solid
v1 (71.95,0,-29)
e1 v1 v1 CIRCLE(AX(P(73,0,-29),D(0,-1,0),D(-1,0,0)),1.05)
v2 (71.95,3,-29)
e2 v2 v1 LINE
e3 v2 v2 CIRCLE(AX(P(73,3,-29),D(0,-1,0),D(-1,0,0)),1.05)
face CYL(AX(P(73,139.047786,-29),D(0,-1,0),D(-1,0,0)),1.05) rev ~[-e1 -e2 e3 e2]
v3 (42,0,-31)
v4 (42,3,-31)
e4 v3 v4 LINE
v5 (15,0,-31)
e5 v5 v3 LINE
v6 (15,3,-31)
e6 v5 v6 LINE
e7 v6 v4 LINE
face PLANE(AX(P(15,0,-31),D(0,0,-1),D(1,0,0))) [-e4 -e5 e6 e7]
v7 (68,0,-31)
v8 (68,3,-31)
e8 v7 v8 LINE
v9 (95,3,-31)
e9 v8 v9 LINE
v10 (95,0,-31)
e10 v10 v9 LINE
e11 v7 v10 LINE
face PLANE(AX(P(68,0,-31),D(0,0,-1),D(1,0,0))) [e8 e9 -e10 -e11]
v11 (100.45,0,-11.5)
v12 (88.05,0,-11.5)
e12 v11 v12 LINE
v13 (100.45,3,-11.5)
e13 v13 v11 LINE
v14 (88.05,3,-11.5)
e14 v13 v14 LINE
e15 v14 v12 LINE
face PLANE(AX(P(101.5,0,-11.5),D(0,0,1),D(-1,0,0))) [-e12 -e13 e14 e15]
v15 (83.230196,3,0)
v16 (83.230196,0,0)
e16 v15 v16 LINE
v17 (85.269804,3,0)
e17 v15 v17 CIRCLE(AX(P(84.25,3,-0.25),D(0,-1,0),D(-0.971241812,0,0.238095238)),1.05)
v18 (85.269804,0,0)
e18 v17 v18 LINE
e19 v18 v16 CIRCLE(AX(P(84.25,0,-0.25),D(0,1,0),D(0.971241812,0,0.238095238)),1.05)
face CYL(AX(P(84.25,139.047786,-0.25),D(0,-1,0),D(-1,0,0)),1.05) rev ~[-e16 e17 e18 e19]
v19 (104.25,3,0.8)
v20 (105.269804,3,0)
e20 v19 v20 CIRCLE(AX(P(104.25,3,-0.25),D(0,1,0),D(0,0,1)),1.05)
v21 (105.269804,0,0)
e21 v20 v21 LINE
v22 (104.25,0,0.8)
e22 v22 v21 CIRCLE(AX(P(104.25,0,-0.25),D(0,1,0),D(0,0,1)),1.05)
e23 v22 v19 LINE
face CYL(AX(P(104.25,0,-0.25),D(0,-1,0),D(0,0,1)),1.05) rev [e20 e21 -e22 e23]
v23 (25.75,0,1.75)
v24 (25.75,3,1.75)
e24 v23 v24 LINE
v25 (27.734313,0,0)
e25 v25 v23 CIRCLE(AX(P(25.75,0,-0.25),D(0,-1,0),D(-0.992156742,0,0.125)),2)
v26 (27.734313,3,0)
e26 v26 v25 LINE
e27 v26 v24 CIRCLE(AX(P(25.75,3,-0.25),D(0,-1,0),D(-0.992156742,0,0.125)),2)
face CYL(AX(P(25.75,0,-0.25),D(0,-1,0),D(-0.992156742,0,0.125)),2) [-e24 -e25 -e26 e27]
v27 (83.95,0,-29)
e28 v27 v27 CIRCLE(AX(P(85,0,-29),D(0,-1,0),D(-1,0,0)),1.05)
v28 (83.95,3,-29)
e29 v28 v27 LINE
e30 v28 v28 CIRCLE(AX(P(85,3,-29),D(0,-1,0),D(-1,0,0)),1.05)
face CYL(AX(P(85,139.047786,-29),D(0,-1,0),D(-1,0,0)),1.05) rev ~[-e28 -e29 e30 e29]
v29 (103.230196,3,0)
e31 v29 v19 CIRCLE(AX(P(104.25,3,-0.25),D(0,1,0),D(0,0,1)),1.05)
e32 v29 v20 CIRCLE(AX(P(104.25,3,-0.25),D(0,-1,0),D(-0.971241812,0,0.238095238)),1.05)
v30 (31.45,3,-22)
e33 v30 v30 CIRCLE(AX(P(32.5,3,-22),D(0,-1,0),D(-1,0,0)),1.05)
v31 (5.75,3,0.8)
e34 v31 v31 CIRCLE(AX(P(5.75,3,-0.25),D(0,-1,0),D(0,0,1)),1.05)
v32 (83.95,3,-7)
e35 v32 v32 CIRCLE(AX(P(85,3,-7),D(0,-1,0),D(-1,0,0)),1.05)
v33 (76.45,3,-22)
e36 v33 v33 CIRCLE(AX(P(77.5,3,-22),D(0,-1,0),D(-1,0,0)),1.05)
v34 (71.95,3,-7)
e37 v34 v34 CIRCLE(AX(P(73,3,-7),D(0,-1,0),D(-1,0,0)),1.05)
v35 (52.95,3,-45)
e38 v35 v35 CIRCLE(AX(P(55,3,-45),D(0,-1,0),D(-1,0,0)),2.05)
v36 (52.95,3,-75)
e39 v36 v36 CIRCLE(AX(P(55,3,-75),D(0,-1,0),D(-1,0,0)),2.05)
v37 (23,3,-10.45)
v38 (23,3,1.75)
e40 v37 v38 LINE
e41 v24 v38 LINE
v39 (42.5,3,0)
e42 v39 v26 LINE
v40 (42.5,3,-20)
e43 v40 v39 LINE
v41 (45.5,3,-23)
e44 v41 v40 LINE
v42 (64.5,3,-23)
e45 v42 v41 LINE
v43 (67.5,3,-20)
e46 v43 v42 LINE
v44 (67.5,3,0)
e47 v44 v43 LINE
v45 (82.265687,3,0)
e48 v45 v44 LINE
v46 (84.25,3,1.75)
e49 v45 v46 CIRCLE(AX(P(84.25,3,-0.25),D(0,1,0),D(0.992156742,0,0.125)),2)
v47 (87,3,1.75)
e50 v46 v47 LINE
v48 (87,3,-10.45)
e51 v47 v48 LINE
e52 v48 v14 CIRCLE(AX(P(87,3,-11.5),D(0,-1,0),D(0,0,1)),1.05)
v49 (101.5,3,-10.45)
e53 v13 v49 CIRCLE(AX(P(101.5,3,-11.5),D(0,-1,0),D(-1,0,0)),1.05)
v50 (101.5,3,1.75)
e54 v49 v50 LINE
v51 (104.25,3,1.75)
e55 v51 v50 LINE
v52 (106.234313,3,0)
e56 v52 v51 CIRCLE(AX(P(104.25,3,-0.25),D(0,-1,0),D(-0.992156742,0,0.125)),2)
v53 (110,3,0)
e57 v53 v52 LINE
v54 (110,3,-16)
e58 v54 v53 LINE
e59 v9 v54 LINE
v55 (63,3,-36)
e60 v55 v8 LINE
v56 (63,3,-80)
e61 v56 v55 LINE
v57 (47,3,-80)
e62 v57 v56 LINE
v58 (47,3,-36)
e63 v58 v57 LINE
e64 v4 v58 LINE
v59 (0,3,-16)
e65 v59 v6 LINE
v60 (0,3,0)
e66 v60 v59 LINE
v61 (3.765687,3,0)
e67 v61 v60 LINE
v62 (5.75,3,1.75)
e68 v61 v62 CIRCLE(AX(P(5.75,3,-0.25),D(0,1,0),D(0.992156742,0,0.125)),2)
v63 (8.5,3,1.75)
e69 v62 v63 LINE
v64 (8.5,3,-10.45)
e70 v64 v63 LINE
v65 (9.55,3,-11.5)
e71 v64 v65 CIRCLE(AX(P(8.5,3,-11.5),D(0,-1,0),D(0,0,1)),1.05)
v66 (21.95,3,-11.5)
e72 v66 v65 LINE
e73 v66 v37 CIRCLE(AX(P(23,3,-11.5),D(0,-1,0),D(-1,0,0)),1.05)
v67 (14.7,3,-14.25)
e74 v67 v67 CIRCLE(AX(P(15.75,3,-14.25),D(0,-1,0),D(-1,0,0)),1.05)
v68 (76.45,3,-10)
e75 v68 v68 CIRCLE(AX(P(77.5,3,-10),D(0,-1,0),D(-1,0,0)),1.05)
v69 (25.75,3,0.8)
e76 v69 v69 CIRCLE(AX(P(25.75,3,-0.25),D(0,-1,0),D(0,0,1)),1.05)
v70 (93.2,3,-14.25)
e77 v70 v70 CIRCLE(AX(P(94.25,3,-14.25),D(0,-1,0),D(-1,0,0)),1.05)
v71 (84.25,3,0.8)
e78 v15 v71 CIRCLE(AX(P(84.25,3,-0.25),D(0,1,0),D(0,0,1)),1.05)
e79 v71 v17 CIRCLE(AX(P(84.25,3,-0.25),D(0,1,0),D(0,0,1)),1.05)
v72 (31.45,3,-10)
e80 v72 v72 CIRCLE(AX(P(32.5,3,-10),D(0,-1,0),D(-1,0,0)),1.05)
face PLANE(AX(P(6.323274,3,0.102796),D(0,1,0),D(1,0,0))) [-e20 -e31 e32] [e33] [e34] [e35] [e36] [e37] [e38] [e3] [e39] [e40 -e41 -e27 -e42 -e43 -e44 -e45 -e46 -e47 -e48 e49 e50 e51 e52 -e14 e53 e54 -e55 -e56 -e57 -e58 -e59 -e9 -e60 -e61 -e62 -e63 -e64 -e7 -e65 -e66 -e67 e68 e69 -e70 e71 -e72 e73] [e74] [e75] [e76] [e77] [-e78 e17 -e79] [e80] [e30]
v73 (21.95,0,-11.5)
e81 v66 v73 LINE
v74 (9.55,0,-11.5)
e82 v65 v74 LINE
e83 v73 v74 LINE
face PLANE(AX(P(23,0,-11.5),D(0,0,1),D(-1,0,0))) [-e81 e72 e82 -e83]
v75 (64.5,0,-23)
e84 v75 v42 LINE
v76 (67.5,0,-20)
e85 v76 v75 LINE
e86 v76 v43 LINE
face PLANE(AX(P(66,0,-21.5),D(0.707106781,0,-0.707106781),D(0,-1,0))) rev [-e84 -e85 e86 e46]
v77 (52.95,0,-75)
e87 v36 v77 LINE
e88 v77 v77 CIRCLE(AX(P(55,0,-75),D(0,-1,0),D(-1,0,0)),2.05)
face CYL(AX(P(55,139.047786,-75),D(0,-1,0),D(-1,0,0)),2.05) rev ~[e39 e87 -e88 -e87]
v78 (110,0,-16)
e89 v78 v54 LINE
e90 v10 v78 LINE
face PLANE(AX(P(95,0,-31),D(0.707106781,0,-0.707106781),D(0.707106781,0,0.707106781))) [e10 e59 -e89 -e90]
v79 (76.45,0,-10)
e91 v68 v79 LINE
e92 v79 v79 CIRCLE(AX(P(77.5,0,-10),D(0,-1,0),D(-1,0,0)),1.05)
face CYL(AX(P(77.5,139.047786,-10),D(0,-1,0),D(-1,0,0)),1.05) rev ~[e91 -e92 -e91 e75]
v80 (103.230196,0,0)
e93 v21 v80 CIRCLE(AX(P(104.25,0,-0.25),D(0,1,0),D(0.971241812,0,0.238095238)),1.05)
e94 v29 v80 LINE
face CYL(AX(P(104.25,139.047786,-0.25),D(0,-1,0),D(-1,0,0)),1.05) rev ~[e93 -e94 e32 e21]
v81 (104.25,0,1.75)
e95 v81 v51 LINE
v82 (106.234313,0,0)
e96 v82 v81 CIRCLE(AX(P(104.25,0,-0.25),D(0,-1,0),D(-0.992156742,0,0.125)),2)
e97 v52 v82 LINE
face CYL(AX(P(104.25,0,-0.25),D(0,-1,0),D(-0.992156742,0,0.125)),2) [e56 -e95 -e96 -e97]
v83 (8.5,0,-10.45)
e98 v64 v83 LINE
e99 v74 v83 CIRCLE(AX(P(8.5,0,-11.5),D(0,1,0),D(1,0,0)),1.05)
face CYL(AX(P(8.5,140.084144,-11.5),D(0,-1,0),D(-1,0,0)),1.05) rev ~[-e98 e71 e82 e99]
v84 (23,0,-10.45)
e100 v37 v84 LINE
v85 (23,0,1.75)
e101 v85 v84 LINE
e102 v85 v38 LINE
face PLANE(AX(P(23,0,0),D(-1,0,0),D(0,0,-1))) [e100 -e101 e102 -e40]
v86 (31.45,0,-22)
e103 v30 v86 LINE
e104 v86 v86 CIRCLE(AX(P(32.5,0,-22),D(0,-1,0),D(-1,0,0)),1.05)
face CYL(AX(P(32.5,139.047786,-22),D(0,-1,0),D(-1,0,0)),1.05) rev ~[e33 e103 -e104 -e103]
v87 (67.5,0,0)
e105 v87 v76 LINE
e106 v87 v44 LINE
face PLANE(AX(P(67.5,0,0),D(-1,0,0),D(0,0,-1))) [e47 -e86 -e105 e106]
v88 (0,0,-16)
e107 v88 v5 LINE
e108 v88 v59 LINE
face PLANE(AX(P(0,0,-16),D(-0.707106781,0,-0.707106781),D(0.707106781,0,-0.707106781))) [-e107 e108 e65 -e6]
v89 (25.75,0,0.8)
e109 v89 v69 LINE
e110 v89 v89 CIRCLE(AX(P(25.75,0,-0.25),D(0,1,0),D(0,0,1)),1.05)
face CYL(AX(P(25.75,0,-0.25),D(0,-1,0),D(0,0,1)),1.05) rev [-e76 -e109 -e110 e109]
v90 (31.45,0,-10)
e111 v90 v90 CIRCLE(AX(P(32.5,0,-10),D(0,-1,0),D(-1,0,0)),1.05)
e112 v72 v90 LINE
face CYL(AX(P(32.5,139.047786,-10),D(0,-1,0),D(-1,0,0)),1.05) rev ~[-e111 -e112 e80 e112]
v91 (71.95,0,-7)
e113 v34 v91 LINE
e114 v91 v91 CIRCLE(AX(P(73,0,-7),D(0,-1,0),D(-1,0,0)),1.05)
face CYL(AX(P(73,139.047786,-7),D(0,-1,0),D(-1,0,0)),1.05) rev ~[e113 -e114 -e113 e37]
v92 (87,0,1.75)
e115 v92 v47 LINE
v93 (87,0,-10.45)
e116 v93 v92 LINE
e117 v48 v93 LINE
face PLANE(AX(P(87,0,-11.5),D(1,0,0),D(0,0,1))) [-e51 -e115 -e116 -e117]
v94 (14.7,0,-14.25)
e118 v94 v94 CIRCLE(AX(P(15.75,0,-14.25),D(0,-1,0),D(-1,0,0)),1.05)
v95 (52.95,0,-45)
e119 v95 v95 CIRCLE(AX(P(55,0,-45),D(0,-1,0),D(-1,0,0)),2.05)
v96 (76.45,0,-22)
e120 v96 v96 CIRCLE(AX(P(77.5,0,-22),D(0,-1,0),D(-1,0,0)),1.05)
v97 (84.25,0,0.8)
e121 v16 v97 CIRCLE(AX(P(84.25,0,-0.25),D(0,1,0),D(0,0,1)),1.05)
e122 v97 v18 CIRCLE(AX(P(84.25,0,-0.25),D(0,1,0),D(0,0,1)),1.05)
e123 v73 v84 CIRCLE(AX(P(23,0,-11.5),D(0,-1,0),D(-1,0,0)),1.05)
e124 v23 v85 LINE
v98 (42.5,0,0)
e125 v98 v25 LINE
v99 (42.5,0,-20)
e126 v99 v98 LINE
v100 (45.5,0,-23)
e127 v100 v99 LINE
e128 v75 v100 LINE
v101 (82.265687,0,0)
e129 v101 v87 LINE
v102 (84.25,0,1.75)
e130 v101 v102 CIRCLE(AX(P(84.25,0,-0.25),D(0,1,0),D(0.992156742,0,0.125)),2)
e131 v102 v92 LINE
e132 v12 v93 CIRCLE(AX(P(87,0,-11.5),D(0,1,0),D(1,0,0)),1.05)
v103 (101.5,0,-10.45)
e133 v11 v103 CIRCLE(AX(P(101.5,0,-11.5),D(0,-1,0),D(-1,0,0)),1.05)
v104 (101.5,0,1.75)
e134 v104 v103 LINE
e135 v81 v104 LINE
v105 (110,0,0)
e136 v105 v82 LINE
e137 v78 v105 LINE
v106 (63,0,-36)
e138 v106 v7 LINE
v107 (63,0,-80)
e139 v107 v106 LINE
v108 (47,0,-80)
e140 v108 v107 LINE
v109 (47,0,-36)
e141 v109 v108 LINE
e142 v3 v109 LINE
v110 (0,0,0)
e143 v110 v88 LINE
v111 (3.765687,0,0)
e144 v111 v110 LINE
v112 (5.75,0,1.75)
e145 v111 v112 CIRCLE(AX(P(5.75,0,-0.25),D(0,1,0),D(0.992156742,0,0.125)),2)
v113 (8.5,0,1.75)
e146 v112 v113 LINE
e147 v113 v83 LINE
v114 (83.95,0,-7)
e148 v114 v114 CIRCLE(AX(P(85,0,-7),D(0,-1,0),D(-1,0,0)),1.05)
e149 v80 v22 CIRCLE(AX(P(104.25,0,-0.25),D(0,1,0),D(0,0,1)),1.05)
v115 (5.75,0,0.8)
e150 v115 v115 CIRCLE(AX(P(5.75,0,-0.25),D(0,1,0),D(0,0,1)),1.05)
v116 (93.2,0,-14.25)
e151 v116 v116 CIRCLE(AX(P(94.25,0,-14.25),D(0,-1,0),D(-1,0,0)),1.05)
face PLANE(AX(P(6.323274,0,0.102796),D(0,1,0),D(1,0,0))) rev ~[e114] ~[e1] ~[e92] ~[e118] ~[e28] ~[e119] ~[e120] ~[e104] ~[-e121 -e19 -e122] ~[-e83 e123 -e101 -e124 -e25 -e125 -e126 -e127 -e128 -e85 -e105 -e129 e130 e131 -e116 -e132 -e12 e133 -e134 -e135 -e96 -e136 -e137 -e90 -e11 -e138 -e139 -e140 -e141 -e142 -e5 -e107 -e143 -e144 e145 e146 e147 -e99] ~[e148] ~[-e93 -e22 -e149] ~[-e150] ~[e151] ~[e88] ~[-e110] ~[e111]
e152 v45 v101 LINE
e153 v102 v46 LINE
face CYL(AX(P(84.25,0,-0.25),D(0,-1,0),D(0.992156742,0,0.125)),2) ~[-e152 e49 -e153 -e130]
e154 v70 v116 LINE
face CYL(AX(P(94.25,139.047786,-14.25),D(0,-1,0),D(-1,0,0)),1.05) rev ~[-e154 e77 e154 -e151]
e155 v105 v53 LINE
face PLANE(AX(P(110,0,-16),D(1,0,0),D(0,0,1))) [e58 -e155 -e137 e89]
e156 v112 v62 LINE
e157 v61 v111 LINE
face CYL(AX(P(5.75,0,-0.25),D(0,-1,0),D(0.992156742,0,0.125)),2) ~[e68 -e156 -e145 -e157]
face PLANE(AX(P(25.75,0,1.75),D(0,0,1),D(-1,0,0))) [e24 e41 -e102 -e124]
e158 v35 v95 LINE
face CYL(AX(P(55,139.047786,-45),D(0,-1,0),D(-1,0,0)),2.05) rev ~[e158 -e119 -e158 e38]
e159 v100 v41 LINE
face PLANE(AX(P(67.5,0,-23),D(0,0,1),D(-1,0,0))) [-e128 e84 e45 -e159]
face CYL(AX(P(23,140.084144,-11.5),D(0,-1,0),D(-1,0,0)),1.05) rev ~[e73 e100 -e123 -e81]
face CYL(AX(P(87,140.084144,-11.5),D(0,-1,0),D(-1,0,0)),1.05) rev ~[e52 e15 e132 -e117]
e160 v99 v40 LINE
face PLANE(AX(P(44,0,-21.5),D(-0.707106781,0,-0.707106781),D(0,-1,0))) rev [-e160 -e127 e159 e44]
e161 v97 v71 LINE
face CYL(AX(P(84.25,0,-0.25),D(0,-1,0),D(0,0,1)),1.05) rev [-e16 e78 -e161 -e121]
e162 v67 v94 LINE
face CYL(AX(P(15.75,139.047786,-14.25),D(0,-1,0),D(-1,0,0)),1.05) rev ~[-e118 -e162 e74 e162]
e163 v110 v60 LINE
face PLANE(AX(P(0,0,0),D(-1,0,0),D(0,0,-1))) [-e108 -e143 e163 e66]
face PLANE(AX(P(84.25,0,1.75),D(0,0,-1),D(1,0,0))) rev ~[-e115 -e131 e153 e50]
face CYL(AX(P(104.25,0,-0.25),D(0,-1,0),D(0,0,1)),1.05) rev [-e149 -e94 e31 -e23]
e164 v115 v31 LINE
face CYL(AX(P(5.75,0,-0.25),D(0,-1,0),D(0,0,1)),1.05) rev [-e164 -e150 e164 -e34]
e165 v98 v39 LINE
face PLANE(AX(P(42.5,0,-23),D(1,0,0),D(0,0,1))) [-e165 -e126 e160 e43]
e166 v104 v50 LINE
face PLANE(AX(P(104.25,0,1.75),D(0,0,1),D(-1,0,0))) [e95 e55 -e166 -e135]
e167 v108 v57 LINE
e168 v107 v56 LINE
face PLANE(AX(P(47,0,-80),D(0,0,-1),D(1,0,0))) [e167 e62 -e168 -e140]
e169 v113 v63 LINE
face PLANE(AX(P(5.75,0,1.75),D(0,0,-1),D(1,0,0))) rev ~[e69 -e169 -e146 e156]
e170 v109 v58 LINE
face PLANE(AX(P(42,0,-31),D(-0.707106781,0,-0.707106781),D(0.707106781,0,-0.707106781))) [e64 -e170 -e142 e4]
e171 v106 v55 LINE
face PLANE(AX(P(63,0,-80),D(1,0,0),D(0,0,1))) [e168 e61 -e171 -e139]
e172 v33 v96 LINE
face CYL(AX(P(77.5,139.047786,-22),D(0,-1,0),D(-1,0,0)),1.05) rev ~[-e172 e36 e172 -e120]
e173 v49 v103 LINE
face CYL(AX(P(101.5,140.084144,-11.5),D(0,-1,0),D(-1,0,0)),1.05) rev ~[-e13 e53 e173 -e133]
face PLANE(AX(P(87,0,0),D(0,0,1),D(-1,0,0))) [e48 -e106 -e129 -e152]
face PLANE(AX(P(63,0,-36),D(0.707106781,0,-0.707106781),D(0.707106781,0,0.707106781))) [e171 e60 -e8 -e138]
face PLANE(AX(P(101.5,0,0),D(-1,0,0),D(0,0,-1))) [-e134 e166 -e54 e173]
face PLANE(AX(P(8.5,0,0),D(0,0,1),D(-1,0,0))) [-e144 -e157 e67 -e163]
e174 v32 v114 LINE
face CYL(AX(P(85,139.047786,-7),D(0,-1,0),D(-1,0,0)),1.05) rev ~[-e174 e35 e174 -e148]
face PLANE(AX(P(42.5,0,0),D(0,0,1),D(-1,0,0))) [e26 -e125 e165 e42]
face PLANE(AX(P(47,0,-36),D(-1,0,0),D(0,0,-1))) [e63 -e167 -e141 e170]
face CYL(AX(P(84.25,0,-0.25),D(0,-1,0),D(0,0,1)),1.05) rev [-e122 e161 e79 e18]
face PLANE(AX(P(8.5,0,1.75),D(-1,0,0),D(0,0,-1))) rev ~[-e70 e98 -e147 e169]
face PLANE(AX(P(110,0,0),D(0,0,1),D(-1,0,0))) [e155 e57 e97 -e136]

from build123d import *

# Parameters (mm, degrees)
EXTRUDE_6_DEPTH         = 3
HOLE_WIZARD_4_1_4_1_1_D = 4.1
HOLE_WIZARD_2_1_2_1_1_D = 2.1
EXTRUDE_START           = -3
SKETCH_39_R             = 1.05
EXTRUDE_7_DEPTH         = 3
HOLE_WIZARD_2_1_2_1_2_D = 2.1
CHAMFER_3_SIZE          = 3


with BuildPart() as part:
    # 草图33 → 凸台-拉伸6 (new body)
    with BuildSketch(Plane(origin=(0, 0, 0), x_dir=(1, 0, 0), z_dir=(0, 1, 0))):
        Polygon((110, 16), (110, 0), (101.5, 0), (101.5, 11.5), (87, 11.5), (87, 0), (67.5, 0), (67.5, 23), (42.5, 23), (42.5, 0), (23, 0), (23, 11.5), (8.5, 11.5), (8.5, 0), (0, 0), (0, 16), (15, 31), (42, 31), (47, 36), (47, 80), (63, 80), (63, 36), (68, 31), (95, 31), align=None)
    extrude(amount=EXTRUDE_6_DEPTH)

    # Ø4.1 (4.1) 直径孔1 (through all)
    with Locations(Plane(origin=(0, 3, 0), x_dir=(1, 0, 0), z_dir=(0, 1, 0))):
        with Locations((55, 75), (55, 45)):
            Hole(HOLE_WIZARD_4_1_4_1_1_D / 2)

    # Ø2.1 (2.1) 直径孔1 (through all)
    with Locations(Plane(origin=(0, 3, 0), x_dir=(1, 0, 0), z_dir=(0, 1, 0))):
        with Locations((32.5, 10), (5.75, 0.25), (15.75, 14.25), (25.75, 0.25), (94.25, 14.25), (104.25, 0.25), (84.25, 0.25), (73, 29), (85, 7), (73, 7), (85, 29), (32.5, 22), (77.5, 22), (77.5, 10)):
            Hole(HOLE_WIZARD_2_1_2_1_1_D / 2)

    # 草图39 → 凸台-拉伸7 (add)
    # profile 1 of 4: a face of its own
    with BuildSketch(Plane(origin=(0, 3, 0), x_dir=(1, 0, 0), z_dir=(0, 1, 0)).offset(EXTRUDE_START)):
        with BuildLine():
            Line((5.75, -1.75), (8.5, -1.75))
            Line((8.5, -1.75), (8.5, 0))
            Line((8.5, 0), (7.734313483, 0))
            ThreePointArc((7.734313483, 0), (4.427124344, 1.75), (5.75, -1.75))
        make_face()
        with Locations(Location((5.75, 0.25, 0), (0, 0, 270))):
            Circle(SKETCH_39_R, mode=Mode.SUBTRACT)
    # profile 2 of 4: a face of its own
    with BuildSketch(Plane(origin=(0, 3, 0), x_dir=(1, 0, 0), z_dir=(0, 1, 0)).offset(EXTRUDE_START)):
        with BuildLine():
            Line((25.75, -1.75), (23, -1.75))
            Line((23, -1.75), (23, 0))
            Line((23, 0), (23.765686517, 0))
            ThreePointArc((23.765686517, 0), (27.072875656, 1.75), (25.75, -1.75))
        make_face()
        with Locations(Location((25.75, 0.25, 0), (0, 0, 270))):
            Circle(SKETCH_39_R, mode=Mode.SUBTRACT)
    # profile 3 of 4: a face of its own
    with BuildSketch(Plane(origin=(0, 3, 0), x_dir=(1, 0, 0), z_dir=(0, 1, 0)).offset(EXTRUDE_START)):
        with BuildLine():
            Line((101.5, 0), (102.265686517, 0))
            ThreePointArc((102.265686517, 0), (105.572875656, 1.75), (104.25, -1.75))
            Line((104.25, -1.75), (101.5, -1.75))
            Line((101.5, -1.75), (101.5, 0))
        make_face()
        with Locations(Location((104.25, 0.25, 0), (0, 0, 270))):
            Circle(SKETCH_39_R, mode=Mode.SUBTRACT)
    # profile 4 of 4: a face of its own
    with BuildSketch(Plane(origin=(0, 3, 0), x_dir=(1, 0, 0), z_dir=(0, 1, 0)).offset(EXTRUDE_START)):
        with BuildLine():
            Line((84.25, -1.75), (87, -1.75))
            Line((87, -1.75), (87, 0))
            Line((87, 0), (86.234313483, 0))
            ThreePointArc((86.234313483, 0), (82.927124344, 1.75), (84.25, -1.75))
        make_face()
        with Locations(Location((84.25, 0.25, 0), (0, 0, 270))):
            Circle(SKETCH_39_R, mode=Mode.SUBTRACT)
    extrude(amount=EXTRUDE_7_DEPTH)

    # Ø2.1 (2.1) 直径孔2 (through all)
    with Locations(Plane(origin=(0, 3, 0), x_dir=(1, 0, 0), z_dir=(0, 1, 0))):
        with Locations((8.5, 11.5), (23, 11.5), (87, 11.5), (101.5, 11.5)):
            Hole(HOLE_WIZARD_2_1_2_1_2_D / 2)

    # 倒角3
    chamfer_3_edges = [part.edges().sort_by_distance(p)[0] for p in [
        (67.5, 1.5, -23),
        (42.5, 1.5, -23),
    ]]
    chamfer(chamfer_3_edges, length=CHAMFER_3_SIZE)


solid = part.part
